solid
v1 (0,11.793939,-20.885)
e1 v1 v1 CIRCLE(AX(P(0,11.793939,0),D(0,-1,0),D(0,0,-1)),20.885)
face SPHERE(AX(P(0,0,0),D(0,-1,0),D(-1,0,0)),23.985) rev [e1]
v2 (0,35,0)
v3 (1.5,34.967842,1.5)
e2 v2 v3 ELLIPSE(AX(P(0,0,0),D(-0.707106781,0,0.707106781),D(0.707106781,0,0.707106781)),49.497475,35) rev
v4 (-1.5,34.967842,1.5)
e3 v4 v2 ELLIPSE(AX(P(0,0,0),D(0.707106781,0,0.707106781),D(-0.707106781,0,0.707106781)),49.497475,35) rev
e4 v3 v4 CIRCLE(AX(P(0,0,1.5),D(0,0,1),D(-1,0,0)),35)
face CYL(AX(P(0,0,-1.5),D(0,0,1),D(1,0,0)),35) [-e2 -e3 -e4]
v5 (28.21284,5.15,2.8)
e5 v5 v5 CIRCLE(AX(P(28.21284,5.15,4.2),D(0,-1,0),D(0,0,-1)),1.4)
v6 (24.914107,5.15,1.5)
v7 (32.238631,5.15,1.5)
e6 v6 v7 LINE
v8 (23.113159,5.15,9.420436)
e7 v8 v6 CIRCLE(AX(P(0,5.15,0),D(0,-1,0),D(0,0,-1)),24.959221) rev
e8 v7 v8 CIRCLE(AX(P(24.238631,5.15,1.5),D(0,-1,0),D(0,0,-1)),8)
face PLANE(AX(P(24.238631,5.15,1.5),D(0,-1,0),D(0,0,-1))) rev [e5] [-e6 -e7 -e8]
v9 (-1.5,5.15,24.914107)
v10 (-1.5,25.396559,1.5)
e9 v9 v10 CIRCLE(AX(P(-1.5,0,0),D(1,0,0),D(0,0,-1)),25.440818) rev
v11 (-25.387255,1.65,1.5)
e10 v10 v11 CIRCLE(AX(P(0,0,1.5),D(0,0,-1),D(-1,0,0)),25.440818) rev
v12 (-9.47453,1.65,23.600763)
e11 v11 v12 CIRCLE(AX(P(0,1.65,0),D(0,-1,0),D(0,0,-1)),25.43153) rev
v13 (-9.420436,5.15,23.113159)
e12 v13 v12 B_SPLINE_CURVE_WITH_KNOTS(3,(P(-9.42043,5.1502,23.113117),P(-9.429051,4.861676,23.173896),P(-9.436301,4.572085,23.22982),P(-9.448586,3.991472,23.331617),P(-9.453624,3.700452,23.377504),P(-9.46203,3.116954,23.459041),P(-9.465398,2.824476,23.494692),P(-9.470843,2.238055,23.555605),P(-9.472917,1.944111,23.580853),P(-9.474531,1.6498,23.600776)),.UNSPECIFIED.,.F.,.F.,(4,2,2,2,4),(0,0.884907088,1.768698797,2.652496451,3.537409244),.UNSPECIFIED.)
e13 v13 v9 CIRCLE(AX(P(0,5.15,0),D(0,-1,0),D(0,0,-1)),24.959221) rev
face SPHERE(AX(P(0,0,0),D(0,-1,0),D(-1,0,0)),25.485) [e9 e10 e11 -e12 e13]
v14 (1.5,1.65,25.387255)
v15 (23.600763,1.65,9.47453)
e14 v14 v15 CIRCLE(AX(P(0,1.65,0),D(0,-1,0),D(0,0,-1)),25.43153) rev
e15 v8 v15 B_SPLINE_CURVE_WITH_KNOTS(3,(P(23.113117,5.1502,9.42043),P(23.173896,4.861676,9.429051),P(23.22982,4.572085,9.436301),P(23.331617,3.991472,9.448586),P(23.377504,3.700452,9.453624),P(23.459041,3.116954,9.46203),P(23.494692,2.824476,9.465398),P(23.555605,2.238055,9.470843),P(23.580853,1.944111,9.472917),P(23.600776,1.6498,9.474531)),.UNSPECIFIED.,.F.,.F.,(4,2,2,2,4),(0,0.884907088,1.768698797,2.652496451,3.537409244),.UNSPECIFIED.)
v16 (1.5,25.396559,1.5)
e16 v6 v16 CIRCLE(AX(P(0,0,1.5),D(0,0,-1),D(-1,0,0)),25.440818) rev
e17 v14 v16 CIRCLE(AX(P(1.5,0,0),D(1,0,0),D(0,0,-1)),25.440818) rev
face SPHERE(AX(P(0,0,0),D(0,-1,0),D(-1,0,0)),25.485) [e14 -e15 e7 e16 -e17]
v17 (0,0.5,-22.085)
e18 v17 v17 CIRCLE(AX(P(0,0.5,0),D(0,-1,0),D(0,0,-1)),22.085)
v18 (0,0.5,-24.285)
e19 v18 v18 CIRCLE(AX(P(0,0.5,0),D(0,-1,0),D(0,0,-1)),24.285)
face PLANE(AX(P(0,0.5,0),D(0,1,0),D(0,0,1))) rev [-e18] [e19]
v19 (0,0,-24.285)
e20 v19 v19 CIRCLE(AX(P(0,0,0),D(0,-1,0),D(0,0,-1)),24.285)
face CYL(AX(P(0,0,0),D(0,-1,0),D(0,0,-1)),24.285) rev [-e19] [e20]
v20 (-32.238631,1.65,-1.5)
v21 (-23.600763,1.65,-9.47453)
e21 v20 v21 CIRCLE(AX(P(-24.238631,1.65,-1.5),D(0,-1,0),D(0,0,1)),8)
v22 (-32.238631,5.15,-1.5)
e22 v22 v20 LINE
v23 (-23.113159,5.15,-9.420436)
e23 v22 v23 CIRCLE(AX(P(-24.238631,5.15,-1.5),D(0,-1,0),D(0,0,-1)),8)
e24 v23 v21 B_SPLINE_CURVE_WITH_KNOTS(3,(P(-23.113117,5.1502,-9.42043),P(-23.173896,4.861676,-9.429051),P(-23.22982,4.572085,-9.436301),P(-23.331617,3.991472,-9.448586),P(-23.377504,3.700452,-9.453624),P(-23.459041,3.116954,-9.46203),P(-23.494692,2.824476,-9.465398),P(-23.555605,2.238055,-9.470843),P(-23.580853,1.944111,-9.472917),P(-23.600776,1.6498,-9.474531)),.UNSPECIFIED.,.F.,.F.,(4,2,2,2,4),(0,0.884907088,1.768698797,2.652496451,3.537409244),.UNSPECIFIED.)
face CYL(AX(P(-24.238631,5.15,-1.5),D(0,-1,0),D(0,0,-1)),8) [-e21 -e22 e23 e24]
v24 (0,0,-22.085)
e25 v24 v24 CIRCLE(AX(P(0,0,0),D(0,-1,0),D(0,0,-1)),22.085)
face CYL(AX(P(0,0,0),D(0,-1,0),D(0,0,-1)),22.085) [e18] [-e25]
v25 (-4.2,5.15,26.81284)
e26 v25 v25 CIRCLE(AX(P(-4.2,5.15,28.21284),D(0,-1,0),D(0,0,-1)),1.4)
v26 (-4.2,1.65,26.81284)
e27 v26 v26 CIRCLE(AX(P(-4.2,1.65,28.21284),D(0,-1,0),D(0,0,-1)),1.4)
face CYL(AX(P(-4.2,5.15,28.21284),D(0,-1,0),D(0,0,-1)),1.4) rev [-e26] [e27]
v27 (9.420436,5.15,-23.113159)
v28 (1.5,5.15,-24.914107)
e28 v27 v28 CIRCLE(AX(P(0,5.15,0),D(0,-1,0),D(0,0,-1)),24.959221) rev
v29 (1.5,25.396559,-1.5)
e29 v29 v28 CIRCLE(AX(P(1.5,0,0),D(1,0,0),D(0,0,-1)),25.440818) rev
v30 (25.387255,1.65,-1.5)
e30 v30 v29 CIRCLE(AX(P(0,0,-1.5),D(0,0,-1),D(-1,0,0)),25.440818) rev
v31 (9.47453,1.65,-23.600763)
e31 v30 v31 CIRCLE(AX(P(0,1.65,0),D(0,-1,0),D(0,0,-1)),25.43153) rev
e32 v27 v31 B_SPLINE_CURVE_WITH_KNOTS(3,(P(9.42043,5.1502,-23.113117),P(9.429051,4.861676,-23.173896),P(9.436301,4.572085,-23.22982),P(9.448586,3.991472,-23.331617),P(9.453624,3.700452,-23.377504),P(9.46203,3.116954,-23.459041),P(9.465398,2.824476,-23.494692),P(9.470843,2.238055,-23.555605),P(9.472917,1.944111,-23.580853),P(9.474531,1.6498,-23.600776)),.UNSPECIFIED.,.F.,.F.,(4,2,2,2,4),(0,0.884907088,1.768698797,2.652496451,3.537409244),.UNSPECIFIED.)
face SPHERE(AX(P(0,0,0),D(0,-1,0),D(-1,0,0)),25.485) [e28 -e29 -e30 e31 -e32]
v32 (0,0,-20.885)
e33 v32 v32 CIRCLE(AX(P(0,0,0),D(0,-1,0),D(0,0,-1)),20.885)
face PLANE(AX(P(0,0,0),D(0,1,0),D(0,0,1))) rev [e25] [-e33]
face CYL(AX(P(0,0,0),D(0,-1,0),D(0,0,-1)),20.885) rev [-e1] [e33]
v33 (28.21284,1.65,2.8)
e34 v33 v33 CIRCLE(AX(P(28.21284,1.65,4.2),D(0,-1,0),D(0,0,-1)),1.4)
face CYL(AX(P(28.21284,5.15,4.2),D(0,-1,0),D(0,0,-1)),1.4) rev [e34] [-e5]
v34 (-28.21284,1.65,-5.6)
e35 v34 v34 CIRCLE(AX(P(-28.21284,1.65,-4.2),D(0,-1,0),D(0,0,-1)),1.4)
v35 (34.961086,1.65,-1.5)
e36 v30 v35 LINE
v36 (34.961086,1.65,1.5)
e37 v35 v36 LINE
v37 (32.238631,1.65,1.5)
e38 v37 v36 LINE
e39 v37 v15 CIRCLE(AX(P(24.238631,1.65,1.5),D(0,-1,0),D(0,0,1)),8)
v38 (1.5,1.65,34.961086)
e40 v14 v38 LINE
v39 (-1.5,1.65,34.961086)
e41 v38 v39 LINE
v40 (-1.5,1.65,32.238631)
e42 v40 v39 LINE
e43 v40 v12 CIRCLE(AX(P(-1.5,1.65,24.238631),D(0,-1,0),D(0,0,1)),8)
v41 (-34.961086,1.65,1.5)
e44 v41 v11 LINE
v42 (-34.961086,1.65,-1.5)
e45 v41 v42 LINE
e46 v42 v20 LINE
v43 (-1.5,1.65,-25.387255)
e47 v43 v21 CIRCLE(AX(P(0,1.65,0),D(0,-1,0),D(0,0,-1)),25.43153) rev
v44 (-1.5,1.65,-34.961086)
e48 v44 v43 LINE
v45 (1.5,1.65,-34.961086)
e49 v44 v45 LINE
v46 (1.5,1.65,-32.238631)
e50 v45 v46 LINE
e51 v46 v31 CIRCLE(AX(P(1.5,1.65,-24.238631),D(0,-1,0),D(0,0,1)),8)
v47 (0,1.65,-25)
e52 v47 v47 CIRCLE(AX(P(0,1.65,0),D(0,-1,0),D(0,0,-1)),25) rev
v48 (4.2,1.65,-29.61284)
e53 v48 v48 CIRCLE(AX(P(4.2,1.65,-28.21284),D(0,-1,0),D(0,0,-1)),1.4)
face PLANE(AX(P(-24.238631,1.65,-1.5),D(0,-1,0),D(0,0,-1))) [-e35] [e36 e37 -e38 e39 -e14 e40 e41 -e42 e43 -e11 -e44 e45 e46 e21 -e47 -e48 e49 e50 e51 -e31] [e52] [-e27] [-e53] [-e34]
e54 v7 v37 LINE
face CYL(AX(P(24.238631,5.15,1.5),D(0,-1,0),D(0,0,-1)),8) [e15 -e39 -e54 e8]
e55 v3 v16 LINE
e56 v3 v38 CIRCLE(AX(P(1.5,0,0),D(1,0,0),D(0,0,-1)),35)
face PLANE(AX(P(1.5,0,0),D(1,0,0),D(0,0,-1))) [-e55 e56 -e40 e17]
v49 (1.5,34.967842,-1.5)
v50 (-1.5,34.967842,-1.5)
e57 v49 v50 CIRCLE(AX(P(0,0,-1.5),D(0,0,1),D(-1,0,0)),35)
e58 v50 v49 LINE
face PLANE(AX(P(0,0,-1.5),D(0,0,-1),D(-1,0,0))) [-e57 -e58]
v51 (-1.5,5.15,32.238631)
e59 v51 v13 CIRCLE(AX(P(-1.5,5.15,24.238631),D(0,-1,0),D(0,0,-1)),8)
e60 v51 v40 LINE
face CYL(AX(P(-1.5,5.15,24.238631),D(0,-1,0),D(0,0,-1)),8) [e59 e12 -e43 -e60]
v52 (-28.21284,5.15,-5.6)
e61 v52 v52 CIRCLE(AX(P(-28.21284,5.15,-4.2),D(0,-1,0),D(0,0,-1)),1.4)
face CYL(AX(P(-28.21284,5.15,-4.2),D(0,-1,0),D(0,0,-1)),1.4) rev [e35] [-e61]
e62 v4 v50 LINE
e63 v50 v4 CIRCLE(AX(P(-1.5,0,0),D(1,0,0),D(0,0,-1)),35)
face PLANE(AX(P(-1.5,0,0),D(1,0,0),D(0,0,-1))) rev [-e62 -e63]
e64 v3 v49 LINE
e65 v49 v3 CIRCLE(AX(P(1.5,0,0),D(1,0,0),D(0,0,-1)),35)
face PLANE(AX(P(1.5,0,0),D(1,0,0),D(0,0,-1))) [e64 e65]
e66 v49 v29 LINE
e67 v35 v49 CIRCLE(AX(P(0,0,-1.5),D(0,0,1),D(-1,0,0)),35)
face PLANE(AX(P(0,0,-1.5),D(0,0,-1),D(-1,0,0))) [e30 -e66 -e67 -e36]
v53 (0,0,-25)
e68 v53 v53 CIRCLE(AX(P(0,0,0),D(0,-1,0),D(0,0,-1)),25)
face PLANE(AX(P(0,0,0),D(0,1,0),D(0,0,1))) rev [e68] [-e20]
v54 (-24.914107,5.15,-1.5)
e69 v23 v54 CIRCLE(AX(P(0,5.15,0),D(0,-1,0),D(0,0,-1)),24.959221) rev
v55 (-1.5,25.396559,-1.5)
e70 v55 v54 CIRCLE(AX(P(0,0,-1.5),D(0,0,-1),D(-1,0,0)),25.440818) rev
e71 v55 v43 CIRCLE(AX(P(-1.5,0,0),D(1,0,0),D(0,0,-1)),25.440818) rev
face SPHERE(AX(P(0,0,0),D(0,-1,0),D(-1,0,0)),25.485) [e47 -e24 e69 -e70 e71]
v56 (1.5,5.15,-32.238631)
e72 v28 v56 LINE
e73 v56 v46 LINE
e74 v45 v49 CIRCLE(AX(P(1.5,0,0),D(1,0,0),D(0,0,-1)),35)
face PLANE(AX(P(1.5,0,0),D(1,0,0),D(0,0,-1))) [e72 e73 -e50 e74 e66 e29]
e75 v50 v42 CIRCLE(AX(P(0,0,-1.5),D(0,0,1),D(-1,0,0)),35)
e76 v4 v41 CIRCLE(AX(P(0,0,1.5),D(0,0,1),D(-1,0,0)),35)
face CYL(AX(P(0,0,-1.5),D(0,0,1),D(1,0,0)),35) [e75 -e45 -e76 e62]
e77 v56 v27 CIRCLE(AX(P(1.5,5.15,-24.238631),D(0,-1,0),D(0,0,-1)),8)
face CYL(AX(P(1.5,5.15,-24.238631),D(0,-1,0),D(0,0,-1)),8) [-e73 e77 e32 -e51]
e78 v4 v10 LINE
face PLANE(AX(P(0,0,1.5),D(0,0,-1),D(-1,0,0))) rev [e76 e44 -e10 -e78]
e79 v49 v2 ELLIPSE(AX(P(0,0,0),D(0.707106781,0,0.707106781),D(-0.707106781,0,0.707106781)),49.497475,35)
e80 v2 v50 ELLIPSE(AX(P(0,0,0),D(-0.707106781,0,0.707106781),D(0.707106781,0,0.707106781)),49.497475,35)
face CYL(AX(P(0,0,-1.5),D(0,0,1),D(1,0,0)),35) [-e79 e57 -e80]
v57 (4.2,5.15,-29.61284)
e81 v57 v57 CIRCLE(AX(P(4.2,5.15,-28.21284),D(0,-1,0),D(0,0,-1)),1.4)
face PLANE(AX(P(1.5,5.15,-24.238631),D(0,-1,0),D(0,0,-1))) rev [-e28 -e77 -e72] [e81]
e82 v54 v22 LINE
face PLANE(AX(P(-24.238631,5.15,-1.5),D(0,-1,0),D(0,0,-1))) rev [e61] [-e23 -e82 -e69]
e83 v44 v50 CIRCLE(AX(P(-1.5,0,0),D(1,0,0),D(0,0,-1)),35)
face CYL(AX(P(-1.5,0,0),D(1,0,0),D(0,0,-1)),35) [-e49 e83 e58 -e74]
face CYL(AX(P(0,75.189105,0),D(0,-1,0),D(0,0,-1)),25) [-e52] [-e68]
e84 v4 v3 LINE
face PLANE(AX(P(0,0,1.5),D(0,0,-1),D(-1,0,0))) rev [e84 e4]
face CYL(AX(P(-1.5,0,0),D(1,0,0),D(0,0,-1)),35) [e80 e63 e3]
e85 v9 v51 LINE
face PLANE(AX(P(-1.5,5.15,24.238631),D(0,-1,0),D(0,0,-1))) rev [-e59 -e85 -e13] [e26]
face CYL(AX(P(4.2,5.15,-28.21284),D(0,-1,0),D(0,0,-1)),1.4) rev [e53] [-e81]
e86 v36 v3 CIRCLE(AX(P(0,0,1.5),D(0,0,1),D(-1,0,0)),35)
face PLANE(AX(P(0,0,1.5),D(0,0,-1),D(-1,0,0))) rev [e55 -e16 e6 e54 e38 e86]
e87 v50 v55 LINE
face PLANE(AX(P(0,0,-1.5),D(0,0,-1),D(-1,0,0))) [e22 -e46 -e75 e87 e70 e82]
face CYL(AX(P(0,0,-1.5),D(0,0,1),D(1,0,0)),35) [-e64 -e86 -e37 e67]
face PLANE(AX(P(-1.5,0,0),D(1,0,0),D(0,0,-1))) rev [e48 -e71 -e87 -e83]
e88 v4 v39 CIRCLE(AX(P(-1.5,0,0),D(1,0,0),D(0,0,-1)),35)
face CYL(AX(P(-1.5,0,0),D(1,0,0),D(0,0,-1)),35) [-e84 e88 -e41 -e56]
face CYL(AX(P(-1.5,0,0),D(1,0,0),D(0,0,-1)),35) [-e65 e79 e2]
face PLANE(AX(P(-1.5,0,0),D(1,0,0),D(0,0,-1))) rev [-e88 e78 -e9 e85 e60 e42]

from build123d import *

# Parameters (mm, degrees)
BOSS_EXTRUDE1_DEPTH      = 1.5
BOSS_EXTRUDE1_DEPTH_BACK = 1.5
BOSS_EXTRUDE2_DEPTH      = 1.5
BOSS_EXTRUDE2_DEPTH_BACK = 1.5
SKETCH4_W                = 11.052180397
SKETCH4_H                = 1.65
SKETCH5_R                = 1.4
BOSS_EXTRUDE20_DEPTH     = 3.5
SKETCH6_R                = 26
SKETCH6_R_2              = 25
CUT_EXTRUDE1_DEPTH       = 1.65


with BuildPart() as part:
    # Sketch1 → Revolve1 (revolve)
    with BuildSketch(Plane.XY):
        with BuildLine():
            Line((-20.885, 0), (-20.885, 11.793939121))
            ThreePointArc((-20.885, 11.793939121), (-12.091372858, 20.714220415), (0, 23.985))
            Line((0, 23.985), (0, 25.485))
            ThreePointArc((0, 25.485), (-18.020616319, 18.020616319), (-25.485, 0))
            Line((-25.485, 0), (-24.285, 0))
            Line((-24.285, 0), (-24.285, 0.5))
            Line((-24.285, 0.5), (-22.085, 0.5))
            Line((-22.085, 0.5), (-22.085, 0))
            Line((-22.085, 0), (-20.885, 0))
        make_face()
    revolve(axis=Axis((0, 0, 0), (0, 1, 0)))



with BuildPart() as body_2:
    # Sketch2 → Boss-Extrude1 (new body, two sides)
    with BuildSketch(Plane.XY) as boss_extrude1_sk:
        with BuildLine():
            Line((-24.9, 0), (-35, 0))
            ThreePointArc((-35, 0), (0, 35), (35, 0))
            Line((35, 0), (24.9, 0))
            ThreePointArc((24.9, 0), (0, 24.9), (-24.9, 0))
        make_face()
    extrude(amount=BOSS_EXTRUDE1_DEPTH)
    extrude(boss_extrude1_sk.sketch, amount=-BOSS_EXTRUDE1_DEPTH_BACK)

    # Sketch3 → Boss-Extrude2 (add, two sides)
    with BuildSketch(Plane(origin=(0, 0, 0), x_dir=(0, 0, -1), z_dir=(1, 0, 0))) as boss_extrude2_sk:
        with BuildLine():
            Line((35, 0), (24.9, 0))
            ThreePointArc((24.9, 0), (0, 24.9), (-24.9, 0))
            Line((-24.9, 0), (-35, 0))
            ThreePointArc((-35, 0), (0, 35), (35, 0))
        make_face()
    extrude(amount=BOSS_EXTRUDE2_DEPTH)
    extrude(boss_extrude2_sk.sketch, amount=-BOSS_EXTRUDE2_DEPTH_BACK)

    # Sketch4 → Cut-Revolve2 (revolve, cut)
    with BuildSketch(Plane.XY):
        with Locations((-30.371361379, 0.825)):
            Rectangle(SKETCH4_W, SKETCH4_H)
    revolve(axis=Axis((0, 0, 0), (0, 1, 0)), mode=Mode.SUBTRACT)


with BuildPart() as part_1:
    add(part.part)

    add(body_2.part)  # Boss-Extrude20 merges body 2
    # Sketch5 → Boss-Extrude20 (add)
    with BuildSketch(Plane.XZ.offset(-1.65)):
        with BuildLine():
            Line((-32.23863084, -1.5), (-24.23863084, -1.5))
            ThreePointArc((-24.23863084, -1.5), (-23.660511509, -5.471875377), (-22.4360777, -9.294280094))
            ThreePointArc((-22.4360777, -9.294280094), (-27.026694315, -8.998446643), (-30.695451754, -6.223289498))
            ThreePointArc((-30.695451754, -6.223289498), (-31.843056108, -3.984495189), (-32.23863084, -1.5))
        make_face()
        with Locations((-28.212839525, -4.2)):
            Circle(SKETCH5_R, mode=Mode.SUBTRACT)
        with BuildLine():
            Line((24.23863084, 1.5), (32.23863084, 1.5))
            ThreePointArc((32.23863084, 1.5), (31.843056108, 3.984495189), (30.695451754, 6.223289498))
            ThreePointArc((30.695451754, 6.223289498), (27.026694315, 8.998446643), (22.4360777, 9.294280094))
            ThreePointArc((22.4360777, 9.294280094), (23.660511509, 5.471875377), (24.23863084, 1.5))
        make_face()
        with Locations((28.212839525, 4.2)):
            Circle(SKETCH5_R, mode=Mode.SUBTRACT)
        with BuildLine():
            Line((-1.5, 32.23863084), (-1.5, 24.23863084))
            ThreePointArc((-1.5, 24.23863084), (-5.471875377, 23.660511509), (-9.294280094, 22.4360777))
            ThreePointArc((-9.294280094, 22.4360777), (-8.998446643, 27.026694315), (-6.223289498, 30.695451754))
            ThreePointArc((-6.223289498, 30.695451754), (-3.984495189, 31.843056108), (-1.5, 32.23863084))
        make_face()
        with Locations((-4.2, 28.212839525)):
            Circle(SKETCH5_R, mode=Mode.SUBTRACT)
        with BuildLine():
            Line((1.5, -32.23863084), (1.5, -24.23863084))
            ThreePointArc((1.5, -24.23863084), (5.471875377, -23.660511509), (9.294280094, -22.4360777))
            ThreePointArc((9.294280094, -22.4360777), (8.998446643, -27.026694315), (6.223289498, -30.695451754))
            ThreePointArc((6.223289498, -30.695451754), (3.984495189, -31.843056108), (1.5, -32.23863084))
        make_face()
        with Locations((4.2, -28.212839525)):
            Circle(SKETCH5_R, mode=Mode.SUBTRACT)
    extrude(amount=-BOSS_EXTRUDE20_DEPTH)

    # Sketch6 → Cut-Extrude1 (cut)
    with BuildSketch(Plane.XZ):
        Circle(SKETCH6_R)
        Circle(SKETCH6_R_2, mode=Mode.SUBTRACT)
    extrude(amount=-CUT_EXTRUDE1_DEPTH, mode=Mode.SUBTRACT)


solid = part_1.part
